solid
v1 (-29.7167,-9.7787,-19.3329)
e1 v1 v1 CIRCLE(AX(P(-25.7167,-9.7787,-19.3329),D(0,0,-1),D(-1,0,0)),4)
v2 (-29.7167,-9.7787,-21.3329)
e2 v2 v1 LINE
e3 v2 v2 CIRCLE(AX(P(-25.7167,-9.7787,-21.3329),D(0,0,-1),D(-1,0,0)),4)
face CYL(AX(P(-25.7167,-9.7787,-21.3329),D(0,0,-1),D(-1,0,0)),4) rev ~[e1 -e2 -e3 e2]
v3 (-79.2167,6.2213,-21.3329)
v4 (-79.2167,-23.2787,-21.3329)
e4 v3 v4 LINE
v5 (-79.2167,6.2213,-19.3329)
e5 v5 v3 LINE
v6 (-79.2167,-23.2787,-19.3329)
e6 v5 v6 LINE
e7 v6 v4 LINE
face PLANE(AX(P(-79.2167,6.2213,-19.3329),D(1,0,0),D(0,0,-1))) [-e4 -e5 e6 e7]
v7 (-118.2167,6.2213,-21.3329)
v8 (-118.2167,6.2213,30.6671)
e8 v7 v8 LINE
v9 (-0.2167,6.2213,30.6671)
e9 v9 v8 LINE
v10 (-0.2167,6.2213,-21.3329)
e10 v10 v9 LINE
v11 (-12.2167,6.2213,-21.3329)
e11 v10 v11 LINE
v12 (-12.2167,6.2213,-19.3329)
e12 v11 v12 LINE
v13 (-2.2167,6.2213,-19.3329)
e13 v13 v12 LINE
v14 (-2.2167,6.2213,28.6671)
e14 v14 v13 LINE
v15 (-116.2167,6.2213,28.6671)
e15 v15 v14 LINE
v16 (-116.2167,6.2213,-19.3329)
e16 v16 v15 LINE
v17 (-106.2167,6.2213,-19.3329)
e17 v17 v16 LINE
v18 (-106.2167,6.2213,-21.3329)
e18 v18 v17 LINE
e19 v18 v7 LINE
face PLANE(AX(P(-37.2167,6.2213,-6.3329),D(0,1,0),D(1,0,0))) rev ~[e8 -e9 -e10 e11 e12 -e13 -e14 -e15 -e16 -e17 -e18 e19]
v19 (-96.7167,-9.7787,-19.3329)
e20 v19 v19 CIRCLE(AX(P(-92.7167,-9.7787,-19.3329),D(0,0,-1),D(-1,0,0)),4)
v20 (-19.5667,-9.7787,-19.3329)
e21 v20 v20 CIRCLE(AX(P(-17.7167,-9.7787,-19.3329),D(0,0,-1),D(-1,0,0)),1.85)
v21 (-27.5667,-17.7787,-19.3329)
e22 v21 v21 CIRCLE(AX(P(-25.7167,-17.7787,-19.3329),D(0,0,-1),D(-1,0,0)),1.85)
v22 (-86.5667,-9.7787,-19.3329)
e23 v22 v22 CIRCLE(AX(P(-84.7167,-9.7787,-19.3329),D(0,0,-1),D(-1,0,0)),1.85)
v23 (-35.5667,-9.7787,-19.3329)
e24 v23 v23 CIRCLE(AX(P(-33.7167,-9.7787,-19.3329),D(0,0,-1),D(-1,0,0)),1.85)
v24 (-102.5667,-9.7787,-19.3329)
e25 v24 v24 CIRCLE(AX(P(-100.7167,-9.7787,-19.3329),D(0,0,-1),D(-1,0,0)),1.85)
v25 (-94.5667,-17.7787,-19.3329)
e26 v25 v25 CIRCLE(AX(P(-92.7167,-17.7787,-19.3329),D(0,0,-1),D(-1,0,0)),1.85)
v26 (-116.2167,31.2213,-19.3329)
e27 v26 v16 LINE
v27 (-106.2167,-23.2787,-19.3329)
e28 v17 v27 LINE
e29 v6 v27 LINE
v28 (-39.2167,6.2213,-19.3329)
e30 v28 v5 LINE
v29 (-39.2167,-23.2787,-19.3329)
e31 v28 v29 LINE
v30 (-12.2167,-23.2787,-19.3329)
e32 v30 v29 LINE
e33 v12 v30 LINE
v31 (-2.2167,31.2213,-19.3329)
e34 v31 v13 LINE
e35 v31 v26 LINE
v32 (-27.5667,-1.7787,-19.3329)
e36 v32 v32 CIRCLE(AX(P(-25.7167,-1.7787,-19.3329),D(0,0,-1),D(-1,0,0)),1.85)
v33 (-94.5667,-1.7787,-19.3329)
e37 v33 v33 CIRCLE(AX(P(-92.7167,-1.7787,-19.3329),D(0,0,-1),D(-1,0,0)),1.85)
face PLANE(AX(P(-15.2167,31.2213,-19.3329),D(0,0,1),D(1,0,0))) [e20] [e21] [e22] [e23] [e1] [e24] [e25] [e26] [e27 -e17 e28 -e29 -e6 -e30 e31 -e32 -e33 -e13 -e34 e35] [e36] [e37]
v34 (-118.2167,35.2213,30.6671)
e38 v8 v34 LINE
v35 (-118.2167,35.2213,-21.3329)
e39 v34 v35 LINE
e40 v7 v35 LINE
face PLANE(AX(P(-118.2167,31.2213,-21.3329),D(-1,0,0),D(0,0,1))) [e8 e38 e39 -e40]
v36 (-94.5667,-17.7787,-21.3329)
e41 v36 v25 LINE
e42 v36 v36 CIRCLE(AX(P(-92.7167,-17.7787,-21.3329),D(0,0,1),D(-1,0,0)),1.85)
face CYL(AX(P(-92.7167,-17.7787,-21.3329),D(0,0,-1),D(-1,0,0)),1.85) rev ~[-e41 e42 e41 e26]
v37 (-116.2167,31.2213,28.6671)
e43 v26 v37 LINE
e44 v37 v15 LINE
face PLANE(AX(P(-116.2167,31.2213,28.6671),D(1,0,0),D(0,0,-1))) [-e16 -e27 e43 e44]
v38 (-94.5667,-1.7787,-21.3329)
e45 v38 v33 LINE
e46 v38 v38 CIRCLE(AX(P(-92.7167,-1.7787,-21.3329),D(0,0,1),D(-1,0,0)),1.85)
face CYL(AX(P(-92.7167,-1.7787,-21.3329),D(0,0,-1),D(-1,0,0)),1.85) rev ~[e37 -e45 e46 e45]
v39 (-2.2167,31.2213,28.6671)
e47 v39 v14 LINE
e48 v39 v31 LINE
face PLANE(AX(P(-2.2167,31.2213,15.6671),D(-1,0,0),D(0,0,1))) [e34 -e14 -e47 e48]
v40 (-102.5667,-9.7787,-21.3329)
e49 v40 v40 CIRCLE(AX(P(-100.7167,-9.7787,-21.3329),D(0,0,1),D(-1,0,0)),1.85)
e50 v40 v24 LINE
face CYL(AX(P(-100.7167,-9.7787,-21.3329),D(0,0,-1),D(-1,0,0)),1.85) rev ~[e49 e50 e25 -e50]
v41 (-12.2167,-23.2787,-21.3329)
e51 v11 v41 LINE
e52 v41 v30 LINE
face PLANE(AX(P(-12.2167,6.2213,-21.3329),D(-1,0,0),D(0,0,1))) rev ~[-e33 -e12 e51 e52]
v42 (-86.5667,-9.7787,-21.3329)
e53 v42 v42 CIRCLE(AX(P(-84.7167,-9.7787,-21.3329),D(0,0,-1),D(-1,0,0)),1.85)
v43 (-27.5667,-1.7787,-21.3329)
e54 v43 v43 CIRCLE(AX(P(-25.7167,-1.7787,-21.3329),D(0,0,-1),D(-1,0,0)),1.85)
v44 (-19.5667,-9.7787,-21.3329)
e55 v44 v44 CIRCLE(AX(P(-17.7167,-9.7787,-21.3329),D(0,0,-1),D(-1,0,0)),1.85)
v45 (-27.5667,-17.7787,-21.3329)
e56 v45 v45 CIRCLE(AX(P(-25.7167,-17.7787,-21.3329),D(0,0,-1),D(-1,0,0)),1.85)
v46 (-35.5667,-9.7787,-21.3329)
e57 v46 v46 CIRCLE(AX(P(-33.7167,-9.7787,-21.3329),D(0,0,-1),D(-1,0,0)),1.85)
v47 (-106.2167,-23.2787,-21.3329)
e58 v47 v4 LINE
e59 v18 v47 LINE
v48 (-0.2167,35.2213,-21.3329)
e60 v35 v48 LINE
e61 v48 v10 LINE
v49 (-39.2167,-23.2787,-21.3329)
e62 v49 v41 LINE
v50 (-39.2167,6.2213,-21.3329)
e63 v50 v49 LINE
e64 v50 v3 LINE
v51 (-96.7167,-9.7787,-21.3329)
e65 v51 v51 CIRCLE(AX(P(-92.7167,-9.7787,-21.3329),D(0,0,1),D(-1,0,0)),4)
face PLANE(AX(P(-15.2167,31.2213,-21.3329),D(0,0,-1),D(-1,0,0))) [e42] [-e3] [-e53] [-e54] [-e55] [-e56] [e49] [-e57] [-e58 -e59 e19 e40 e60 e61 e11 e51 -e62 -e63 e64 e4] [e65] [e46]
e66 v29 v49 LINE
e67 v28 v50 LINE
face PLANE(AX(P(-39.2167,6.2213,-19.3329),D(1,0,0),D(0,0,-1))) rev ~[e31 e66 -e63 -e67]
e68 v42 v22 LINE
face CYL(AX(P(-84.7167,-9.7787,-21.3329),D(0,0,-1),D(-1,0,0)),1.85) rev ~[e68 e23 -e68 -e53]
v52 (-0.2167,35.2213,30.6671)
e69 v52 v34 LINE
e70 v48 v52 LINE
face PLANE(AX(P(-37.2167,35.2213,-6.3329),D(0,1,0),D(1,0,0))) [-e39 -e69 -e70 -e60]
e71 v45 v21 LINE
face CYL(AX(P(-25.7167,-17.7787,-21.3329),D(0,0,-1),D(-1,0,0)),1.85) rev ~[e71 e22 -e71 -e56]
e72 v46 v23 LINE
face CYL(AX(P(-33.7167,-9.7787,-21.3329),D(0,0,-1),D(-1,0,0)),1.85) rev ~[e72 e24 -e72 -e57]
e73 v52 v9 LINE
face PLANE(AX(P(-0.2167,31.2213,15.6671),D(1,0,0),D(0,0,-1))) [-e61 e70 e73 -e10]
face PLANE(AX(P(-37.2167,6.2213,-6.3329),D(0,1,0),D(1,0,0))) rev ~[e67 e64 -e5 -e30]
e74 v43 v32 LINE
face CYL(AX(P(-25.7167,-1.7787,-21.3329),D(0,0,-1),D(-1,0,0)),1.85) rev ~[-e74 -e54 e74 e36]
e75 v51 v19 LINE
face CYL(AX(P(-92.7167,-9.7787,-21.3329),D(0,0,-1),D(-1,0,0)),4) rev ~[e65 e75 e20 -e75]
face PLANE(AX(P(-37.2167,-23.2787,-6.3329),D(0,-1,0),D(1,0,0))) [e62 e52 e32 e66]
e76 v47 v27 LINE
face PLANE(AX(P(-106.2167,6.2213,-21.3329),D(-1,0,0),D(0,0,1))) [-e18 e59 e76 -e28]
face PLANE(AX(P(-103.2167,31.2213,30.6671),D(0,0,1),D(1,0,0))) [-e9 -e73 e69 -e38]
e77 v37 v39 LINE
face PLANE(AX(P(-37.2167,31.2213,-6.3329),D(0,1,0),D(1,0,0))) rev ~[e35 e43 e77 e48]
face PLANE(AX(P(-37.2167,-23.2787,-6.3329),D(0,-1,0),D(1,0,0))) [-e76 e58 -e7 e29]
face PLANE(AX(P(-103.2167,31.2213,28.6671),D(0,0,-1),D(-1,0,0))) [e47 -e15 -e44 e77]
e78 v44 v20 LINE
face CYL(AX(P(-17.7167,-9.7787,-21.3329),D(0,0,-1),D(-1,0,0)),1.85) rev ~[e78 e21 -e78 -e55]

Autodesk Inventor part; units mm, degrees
ref_plane "YZ Plane" through (0, 0, 0) normal (1, 0, 0) x (0, 1, 0)
ref_plane "XZ Plane" through (0, 0, 0) normal (0, 1, 0) x (-1, 0, 0)
ref_plane "XY Plane" through (0, 0, 0) normal (0, 0, 1) x (1, 0, 0)
ref_plane "Work Plane7" through (-37.2167, 31.2213, -6.3329) normal (0, 1, 0) x (1, 0, 0)
sketch "Sketch1" plane through (-37.2167, 31.2213, -6.3329) normal (0, 1, 0) x (1, 0, 0)
  arc A0 (-58.7242, 8.25) -> (-74.6429, -6.8045) centre (-66, 0) ccw projected
  line L0 (-77, 0) -> (-77, -32.6485)
  arc A1 (-74.6429, -15.1955) -> (-58.7242, -30.25) centre (-66, -22) ccw projected
  line L1 (-66, -33) -> (-77, -33)
  line L2 (-77, -32.6485) -> (-77, -33)
  line L3 (-77, 0) -> (-77, 11)
  arc A2 (30, -7.5498) -> (14.7242, 8.25) centre (22, 0) ccw projected
  line L4 (22, 11) -> (-77, 11)
  line L5 (-66, -33) -> (33, -33)
  arc A3 (14.7242, -30.25) -> (30, -14.4502) centre (22, -22) ccw projected
  line L6 (33, -22) -> (33, -33)
  line L7 (33, -22) -> (33, 11)
  line L8 (22, 11) -> (33, 11)
  line L9 (-79, -32.6485) -> (-79, 0)
  line L10 (-79, 0) -> (-79, 13)
  line L11 (-79, 13) -> (22, 13)
  line L12 (22, 13) -> (35, 13)
  line L13 (35, 13) -> (35, -22)
  line L14 (35, -22) -> (35, -35)
  line L15 (35, -35) -> (-66, -35)
  line L16 (-66, -35) -> (-79, -35)
  line L17 (-79, -35) -> (-79, -32.6485)
  line L18 (-81, 15) -> (-81, 0)
  line L19 (-81, 0) -> (-81, -32.6485)
  line L20 (-81, -32.6485) -> (-81, -37)
  line L21 (-81, -37) -> (-66, -37)
  line L22 (-66, -37) -> (37, -37)
  line L23 (37, -37) -> (37, -22)
  line L24 (37, -22) -> (37, 15)
  line L25 (37, 15) -> (22, 15)
  line L26 (22, 15) -> (-81, 15)
  point P0 (37.2167, -6.3329)
  dimension "d0" = 2
  dimension "d1" = 4
extrude "Extrusion1" add sketch "Sketch1" against normal blind 25 contours L26 L25 L24 L23 L22 L21 L20 L19 L18
extrude "Extrusion2" add sketch "Sketch1" along normal blind 4 contours L4 A2 L7 A3 L5 A1 L0 A0 | A0 L3 L4 | L8 L7 A2 | A1 L1 L2 L0 | L6 L5 A3 | L9 L10 L11 L12 L13 L14 L15 L16 L17 | L26 L25 L24 L23 L22 L21 L20 L19 L18
sketch "Sketch3" plane through (-118.2167, 6.2213, 30.6671) normal (0, 0, 1) x (1, 0, 0)
  point P0 (118.2167, -6.2213)
sketch "Sketch4" plane through (-118.2167, 6.2213, 30.6671) normal (0, 0, 1) x (1, 0, 0)
  point P0 (118.2167, -6.2213)
ref_plane "Work Plane2" through (-37.2167, 6.2213, -6.3329) normal (0, -1, 0) x (1, 0, 0)
sketch "Sketch5" plane through (-37.2167, 6.2213, -6.3329) normal (0, -1, 0) x (1, 0, 0)
  line L0 (35, -13) -> (-79, -13) projected
  line L1 (35, -13) -> (35, -15)
  line L2 (-81, -15) -> (37, -15) projected
  line L3 (-79, 35) -> (-79, -13) projected
  line L4 (-79, -13) -> (-79, -15)
  line L5 (-79, -15) -> (35, -15)
  line L6 (35, -15) -> (25, -15)
  line L7 (25, -15) -> (25, -13)
  line L8 (25, -13) -> (-2, -13)
  line L9 (-2, -13) -> (-2, -15)
  line L10 (25, -15) -> (-2, -15)
  line L11 (-79, -15) -> (-69, -15)
  line L12 (-69, -15) -> (-69, -13)
  line L13 (-69, -13) -> (-42, -13)
  line L14 (-42, -13) -> (-42, -15)
  line L15 (-69, -15) -> (-42, -15)
  point P0 (37.2167, 6.3329)
  point P1 (-2, -15)
  point P2 (25, -15)
  point P3 (-42, -15)
  point P4 (-69, -15)
  dimension "d30" = 10
  dimension "d31" = 27
  dimension "d32" = 10
  dimension "d33" = 27
extrude "Extrusion3" add sketch "Sketch5" along normal blind 29.5 contours L7 L2 L9 L0 | L14 L2 L12 L0
ref_plane "Work Plane3" through (-0.2167, 35.2213, -21.3329) normal (0, 0, -1) x (-1, 0, 0)
sketch "Sketch6" plane through (-0.2167, 35.2213, -21.3329) normal (0, 0, -1) x (-1, 0, 0)
  line L0 (106, -58.5) -> (79, -58.5) projected
  line L1 (106, -58.5) -> (92.5, -58.5)
  line L2 (92.5, -58.5) -> (92.5, -53)
  circle A0 centre (92.5, -53) radius 1.85
  line L3 (92.5, -53) -> (92.5, -45)
  circle A1 centre (92.5, -45) radius 4
  line L4 (92.5, -45) -> (92.5, -37)
  circle A2 centre (92.5, -37) radius 1.85
  line L5 (92.5, -45) -> (84.5, -45)
  line L6 (93.7399, -45) -> (90.2601, -45) projected
  line L7 (84.5, -45) -> (100.5, -45)
  circle A3 centre (100.5, -45) radius 1.85
  circle A4 centre (84.5, -45) radius 1.85
  line L8 (79, -29) -> (39, -29) projected
  line L9 (79, -29) -> (59, -29)
  line L10 (59, -29) -> (59, -58.5)
  circle A5 centre (25.5, -53) radius 1.85
  circle A6 centre (25.5, -45) radius 4
  circle A7 centre (25.5, -37) radius 1.85
  circle A8 centre (17.5, -45) radius 1.85
  circle A9 centre (33.5, -45) radius 1.85
  point P0 (-0.2167, -35.2213)
  dimension "d36" = 5.5
  dimension "d37" = 3.7
  dimension "d38" = 8
  dimension "d39" = 8
  dimension "d40" = 8
  dimension "d41" = 3.7
  dimension "d42" = 8
  dimension "d43" = 16
  dimension "d44" = 3.7
  dimension "d45" = 3.7
  dimension "d46" = 20
extrude "Extrusion4" cut sketch "Sketch6" against normal blind 2.25
properties part number "39057 TETRIX 12V 3000mAH Battery Pack Assembly"
